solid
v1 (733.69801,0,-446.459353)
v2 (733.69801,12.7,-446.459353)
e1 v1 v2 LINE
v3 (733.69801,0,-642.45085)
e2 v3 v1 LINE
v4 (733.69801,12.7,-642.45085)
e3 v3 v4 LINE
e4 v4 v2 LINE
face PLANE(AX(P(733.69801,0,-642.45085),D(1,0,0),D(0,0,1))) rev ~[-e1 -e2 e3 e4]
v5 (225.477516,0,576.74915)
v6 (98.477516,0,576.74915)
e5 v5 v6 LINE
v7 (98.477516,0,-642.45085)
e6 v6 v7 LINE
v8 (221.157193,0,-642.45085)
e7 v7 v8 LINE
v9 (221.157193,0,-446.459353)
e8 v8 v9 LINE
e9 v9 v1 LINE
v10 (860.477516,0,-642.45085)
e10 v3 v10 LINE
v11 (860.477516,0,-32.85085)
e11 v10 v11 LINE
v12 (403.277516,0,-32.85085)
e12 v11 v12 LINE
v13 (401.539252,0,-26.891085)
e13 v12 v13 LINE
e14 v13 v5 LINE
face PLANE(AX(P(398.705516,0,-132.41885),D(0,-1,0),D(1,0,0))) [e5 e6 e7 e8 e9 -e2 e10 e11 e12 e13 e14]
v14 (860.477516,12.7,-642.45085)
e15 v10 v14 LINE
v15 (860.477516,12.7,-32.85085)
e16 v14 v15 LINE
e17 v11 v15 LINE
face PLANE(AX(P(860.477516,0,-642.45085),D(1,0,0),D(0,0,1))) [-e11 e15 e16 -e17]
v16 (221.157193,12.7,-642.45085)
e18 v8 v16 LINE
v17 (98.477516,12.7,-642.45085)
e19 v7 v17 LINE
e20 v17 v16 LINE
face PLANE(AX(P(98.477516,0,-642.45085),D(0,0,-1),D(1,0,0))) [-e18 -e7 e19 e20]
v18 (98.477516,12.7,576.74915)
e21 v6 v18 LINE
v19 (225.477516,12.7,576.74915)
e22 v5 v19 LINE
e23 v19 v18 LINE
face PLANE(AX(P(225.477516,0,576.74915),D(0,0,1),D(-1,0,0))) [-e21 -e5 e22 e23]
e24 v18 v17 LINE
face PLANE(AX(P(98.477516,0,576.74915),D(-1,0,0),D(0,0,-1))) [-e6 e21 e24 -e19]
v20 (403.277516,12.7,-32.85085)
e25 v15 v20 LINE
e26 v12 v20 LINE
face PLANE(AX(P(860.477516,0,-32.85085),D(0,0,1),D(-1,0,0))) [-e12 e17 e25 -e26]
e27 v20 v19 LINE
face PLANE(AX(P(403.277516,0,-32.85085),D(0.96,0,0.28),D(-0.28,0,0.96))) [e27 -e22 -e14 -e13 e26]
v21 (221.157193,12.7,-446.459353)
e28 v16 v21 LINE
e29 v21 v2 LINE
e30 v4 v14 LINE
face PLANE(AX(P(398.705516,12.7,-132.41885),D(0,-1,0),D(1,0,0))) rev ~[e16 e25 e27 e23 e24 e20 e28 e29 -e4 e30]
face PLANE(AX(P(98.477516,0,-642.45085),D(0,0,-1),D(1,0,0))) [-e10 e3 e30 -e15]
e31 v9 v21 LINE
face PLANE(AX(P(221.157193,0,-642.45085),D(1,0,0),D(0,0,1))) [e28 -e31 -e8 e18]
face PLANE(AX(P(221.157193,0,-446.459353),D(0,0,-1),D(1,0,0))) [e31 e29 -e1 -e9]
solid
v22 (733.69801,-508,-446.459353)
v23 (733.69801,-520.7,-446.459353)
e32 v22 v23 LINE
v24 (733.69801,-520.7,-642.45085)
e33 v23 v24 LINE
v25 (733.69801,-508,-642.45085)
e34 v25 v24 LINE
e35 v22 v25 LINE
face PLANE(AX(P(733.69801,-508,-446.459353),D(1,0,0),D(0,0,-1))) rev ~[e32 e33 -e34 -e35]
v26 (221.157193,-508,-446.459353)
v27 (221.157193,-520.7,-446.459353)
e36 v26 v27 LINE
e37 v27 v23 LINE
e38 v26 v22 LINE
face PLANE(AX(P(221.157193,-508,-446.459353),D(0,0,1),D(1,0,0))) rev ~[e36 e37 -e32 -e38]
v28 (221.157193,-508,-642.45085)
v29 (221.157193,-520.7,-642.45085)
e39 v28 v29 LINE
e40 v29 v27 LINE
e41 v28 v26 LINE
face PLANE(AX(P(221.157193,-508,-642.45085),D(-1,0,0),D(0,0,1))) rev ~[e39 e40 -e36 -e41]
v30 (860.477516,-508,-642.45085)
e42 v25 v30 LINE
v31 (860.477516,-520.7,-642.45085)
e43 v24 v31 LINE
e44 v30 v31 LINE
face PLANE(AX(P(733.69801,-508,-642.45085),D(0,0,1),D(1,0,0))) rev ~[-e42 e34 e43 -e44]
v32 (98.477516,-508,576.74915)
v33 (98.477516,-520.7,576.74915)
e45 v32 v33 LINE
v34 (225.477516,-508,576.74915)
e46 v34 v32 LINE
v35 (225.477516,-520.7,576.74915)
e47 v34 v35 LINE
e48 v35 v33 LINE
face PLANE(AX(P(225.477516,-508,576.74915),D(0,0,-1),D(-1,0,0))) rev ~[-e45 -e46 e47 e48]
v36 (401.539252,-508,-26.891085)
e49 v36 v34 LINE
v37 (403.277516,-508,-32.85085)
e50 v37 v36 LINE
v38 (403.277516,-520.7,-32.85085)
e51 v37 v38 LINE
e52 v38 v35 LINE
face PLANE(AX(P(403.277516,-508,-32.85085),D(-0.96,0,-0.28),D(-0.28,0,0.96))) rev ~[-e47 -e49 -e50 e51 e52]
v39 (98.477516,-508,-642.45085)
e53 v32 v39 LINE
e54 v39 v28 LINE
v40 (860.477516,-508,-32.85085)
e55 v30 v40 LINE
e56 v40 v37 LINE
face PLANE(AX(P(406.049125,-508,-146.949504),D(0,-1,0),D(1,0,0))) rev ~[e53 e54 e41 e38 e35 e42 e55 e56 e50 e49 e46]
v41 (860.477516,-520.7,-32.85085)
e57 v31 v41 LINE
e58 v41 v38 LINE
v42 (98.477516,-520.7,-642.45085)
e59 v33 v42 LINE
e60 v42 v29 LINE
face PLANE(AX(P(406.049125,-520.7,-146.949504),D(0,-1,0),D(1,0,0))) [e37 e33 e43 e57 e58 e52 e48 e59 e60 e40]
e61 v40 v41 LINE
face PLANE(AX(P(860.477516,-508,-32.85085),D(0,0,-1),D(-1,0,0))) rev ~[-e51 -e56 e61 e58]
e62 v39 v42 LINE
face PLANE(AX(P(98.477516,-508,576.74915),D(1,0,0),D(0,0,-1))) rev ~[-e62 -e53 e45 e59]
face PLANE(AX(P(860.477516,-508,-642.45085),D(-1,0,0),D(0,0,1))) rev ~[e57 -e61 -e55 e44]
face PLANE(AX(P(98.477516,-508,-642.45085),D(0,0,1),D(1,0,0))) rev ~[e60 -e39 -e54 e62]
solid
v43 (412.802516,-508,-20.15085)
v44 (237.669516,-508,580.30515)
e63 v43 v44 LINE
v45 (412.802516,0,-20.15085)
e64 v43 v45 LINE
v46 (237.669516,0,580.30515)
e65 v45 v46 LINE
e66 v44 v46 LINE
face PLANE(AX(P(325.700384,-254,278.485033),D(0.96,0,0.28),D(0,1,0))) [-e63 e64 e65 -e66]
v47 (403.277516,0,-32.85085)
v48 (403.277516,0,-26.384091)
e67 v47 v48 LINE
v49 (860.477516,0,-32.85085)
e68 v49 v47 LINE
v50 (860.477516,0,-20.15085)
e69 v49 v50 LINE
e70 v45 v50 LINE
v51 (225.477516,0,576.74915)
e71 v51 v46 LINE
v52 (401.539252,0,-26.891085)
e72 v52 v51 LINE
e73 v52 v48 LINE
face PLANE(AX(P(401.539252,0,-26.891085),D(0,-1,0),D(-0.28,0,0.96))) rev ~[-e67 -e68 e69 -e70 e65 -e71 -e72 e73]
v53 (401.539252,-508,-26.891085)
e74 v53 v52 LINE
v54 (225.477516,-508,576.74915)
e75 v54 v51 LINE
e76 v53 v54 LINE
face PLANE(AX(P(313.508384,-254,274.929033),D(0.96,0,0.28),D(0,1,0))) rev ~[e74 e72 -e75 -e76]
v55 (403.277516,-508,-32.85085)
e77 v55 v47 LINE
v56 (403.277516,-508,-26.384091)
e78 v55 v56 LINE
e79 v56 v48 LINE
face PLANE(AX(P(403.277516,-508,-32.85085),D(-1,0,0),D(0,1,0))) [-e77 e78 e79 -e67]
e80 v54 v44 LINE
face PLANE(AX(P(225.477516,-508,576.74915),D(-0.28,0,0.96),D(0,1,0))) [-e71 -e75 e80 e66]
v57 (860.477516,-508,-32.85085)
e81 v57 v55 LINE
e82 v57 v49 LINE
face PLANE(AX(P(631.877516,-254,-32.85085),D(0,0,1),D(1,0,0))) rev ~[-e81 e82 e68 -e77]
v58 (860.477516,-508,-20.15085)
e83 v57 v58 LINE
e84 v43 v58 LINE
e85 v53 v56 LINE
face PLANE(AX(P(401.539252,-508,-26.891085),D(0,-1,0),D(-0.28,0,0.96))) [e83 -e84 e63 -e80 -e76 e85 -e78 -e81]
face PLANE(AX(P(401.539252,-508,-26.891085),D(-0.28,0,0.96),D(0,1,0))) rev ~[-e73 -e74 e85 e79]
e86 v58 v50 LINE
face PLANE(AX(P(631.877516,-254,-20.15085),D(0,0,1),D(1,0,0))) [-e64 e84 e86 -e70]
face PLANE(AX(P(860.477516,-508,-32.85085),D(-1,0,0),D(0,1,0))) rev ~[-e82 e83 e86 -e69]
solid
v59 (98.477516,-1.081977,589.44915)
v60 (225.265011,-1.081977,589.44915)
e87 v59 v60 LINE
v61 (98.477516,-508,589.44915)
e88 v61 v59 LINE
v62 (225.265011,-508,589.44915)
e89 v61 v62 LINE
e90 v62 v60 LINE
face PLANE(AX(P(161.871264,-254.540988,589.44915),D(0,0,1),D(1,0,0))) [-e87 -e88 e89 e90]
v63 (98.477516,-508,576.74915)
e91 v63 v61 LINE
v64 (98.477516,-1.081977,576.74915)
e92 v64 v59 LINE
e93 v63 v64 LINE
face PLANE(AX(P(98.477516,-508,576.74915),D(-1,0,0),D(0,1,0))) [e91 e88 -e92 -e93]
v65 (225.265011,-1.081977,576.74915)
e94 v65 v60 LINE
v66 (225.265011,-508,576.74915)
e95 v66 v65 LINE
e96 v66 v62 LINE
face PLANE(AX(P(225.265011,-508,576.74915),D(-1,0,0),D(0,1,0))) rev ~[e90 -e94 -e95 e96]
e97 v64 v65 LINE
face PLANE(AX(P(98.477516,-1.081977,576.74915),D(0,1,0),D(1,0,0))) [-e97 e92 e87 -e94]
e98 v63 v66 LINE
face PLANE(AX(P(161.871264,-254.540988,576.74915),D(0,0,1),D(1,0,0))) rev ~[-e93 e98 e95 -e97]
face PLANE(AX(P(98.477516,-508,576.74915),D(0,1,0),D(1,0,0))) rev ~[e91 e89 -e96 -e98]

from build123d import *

# Parameters (mm, degrees)
F1_DEPTH  = 12.7
F2_W      = 512.5408172607
F2_H      = 195.9914970187
F3_DEPTH  = 12.701
F7_DEPTH  = 12.7
F8_W      = 457.2
F8_H      = 508
F9_DEPTH  = 12.7
F10_W     = 508
F10_H     = 628.7919113753
F11_DEPTH = 12.7
F12_W     = 126.7874948263
F12_H     = 506.9180233097
F13_DEPTH = 12.7


with BuildPart() as f1:
    # F0 (on Front) → F1 (new body)
    with BuildSketch(Plane.XZ):
        Polygon((225.4775163651, 576.7491500112), (98.4775163651, 576.7491500112), (98.4775163651, -642.4508499888), (860.4775163651, -642.4508499888), (860.4775163651, -32.8508499888), (403.2775163651, -32.8508499888), align=None)
    extrude(amount=-F1_DEPTH)

    # F2 (on face) → F3 (cut, through all)
    with BuildSketch(Plane.XZ):
        with Locations((477.4276018143, -544.4551014795)):
            Rectangle(F2_W, F2_H)
    extrude(amount=-F3_DEPTH, mode=Mode.SUBTRACT)



with BuildPart() as f7:
    # F6 (on offset) → F7 (new body)
    with BuildSketch(Plane.XZ.offset(508)):
        Polygon((403.2775163651, -32.8508499888), (225.4775163651, 576.7491500112), (98.4775163651, 576.7491500112), (98.4775163651, -642.4508499888), (221.1571931839, -642.4508499888), (221.1571931839, -446.4593529701), (733.6980104446, -446.4593529701), (733.6980104446, -642.4508499888), (860.4775163651, -642.4508499888), (860.4775163651, -32.8508499888), align=None)
    extrude(amount=F7_DEPTH)


with BuildPart() as f9:
    # F8 (on face) → F9 (new body)
    with BuildSketch(Plane.XY.offset(-32.8508499888)):
        with Locations((631.8775163651, -254)):
            Rectangle(F8_W, F8_H)
    extrude(amount=F9_DEPTH)


with BuildPart() as f1_1:
    add(f1.part)

    add(f7.part)  # F11 merges F7

    add(f9.part)  # F11 merges F9
    # F10 (on face) → F11 (join)
    with BuildSketch(Plane(origin=(362.830250605, 0, 105.8254897598), x_dir=(0, 1, 0), z_dir=(0.96, 0, 0.28))):
        with Locations((-254, 176.1495237409)):
            Rectangle(F10_W, F10_H)
    extrude(amount=F11_DEPTH)


with BuildPart() as f13:
    # F12 (on face) → F13 (new body)
    with BuildSketch(Plane.XY.offset(576.7491500112)):
        with Locations((161.8712637782, -254.5409883452)):
            Rectangle(F12_W, F12_H)
    extrude(amount=F13_DEPTH)


solid = Compound([f1_1.part, f13.part])
